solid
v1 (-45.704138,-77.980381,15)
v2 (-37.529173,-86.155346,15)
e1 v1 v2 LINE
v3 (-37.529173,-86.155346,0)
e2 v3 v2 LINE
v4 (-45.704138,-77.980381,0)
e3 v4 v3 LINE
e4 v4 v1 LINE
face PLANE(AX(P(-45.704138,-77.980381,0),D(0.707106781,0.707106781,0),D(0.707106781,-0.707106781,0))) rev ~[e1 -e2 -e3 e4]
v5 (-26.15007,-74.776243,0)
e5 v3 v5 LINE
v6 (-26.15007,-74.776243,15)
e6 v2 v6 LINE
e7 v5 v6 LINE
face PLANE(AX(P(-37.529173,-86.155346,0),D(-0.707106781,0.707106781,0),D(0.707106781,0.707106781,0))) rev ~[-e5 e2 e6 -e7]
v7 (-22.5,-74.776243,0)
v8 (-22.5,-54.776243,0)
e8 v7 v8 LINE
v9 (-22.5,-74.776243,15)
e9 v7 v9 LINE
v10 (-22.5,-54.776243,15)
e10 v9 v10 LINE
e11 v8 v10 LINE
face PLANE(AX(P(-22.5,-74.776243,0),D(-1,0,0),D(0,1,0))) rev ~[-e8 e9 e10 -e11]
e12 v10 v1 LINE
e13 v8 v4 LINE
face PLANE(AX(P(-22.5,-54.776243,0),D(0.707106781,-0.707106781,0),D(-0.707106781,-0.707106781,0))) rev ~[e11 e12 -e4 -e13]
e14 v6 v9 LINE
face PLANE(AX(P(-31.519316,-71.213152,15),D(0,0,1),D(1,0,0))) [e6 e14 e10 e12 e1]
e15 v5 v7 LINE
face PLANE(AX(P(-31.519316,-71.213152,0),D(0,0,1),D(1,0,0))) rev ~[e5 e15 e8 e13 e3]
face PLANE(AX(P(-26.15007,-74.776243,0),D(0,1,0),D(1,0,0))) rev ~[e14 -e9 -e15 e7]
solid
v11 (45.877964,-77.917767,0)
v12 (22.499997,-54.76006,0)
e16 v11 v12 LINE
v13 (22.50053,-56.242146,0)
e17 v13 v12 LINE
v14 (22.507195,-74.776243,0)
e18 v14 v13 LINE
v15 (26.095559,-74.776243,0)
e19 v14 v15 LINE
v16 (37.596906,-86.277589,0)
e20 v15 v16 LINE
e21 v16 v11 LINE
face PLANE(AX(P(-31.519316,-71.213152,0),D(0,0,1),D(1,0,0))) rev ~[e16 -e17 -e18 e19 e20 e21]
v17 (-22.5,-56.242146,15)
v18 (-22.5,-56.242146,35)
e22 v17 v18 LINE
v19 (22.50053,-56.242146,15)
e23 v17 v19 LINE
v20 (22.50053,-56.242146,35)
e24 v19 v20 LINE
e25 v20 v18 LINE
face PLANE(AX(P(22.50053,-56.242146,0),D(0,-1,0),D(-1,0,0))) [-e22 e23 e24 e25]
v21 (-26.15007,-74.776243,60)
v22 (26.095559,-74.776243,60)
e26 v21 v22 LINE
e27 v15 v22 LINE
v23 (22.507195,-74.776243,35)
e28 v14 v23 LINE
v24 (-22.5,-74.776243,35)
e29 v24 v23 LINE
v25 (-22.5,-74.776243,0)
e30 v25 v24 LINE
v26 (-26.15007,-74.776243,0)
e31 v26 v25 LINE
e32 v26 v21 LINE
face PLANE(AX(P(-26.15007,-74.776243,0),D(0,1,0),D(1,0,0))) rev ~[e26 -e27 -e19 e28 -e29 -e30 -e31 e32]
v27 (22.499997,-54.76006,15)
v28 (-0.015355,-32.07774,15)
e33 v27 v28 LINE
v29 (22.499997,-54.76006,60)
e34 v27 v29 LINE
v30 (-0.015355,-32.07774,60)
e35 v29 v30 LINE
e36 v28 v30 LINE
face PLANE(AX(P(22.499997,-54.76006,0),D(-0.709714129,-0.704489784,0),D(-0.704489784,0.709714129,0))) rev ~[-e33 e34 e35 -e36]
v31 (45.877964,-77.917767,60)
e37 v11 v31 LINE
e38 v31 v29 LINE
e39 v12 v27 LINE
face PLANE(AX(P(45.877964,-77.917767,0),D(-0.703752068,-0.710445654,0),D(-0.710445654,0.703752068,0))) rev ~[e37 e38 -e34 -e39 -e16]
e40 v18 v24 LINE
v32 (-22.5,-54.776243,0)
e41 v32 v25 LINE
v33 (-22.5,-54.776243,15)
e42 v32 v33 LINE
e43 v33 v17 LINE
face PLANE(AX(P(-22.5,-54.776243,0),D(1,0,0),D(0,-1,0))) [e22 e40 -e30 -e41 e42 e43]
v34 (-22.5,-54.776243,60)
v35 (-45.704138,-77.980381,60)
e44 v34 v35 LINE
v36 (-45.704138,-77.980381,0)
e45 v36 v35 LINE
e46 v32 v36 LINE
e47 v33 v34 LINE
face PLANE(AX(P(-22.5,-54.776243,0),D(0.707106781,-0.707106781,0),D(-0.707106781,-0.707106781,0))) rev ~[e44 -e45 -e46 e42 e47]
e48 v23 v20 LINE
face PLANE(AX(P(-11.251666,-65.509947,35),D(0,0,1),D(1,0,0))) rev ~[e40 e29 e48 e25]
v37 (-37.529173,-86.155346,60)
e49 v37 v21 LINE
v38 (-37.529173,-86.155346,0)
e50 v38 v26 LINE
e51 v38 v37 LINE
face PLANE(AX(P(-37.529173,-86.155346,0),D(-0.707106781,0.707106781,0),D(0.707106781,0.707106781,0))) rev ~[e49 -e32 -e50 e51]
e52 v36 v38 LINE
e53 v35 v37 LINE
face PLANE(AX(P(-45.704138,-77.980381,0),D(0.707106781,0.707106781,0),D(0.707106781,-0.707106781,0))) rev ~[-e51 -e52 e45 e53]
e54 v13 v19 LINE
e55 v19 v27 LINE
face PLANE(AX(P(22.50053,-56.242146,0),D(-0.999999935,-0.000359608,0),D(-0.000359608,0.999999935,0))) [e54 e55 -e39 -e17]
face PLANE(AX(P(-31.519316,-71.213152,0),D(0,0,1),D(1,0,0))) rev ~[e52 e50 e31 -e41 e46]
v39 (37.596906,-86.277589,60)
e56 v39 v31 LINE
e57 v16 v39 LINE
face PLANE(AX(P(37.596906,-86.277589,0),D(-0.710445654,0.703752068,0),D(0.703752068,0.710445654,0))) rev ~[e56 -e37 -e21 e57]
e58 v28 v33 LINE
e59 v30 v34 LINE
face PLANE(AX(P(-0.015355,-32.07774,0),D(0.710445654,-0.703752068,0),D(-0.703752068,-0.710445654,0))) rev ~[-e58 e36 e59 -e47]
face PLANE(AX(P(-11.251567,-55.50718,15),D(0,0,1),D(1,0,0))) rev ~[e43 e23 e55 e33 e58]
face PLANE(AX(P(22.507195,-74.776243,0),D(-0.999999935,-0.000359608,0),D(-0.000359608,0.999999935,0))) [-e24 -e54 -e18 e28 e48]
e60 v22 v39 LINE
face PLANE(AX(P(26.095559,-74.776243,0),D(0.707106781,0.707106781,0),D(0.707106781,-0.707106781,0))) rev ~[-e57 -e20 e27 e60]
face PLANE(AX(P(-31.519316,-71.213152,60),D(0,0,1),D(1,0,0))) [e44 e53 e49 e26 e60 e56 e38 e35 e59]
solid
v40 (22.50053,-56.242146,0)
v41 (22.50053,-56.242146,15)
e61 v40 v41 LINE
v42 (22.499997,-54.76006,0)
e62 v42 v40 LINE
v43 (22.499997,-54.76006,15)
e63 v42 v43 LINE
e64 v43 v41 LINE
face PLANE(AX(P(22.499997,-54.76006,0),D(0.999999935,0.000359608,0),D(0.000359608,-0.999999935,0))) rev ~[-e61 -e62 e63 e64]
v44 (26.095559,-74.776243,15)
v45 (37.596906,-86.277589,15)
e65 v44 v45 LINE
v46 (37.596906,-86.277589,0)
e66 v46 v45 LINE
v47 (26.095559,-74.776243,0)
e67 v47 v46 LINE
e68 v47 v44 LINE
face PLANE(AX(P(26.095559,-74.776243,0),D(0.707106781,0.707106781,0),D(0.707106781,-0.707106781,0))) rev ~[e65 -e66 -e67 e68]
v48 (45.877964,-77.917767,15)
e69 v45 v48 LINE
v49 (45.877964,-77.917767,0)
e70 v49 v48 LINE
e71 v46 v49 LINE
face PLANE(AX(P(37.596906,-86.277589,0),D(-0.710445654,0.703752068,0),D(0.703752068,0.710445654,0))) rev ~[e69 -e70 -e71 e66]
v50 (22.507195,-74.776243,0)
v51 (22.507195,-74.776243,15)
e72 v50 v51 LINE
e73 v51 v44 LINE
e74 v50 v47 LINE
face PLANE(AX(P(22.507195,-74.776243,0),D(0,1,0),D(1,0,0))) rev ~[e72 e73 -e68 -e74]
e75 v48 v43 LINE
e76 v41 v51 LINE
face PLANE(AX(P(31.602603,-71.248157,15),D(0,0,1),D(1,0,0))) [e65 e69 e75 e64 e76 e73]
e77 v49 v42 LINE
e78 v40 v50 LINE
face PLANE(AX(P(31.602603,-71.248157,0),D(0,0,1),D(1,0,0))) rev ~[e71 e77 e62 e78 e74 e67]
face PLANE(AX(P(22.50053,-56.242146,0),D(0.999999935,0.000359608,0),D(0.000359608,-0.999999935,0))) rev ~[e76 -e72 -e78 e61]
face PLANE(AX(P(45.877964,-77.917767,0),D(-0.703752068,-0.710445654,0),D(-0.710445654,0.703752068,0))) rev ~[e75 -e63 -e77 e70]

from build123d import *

# Parameters (mm, degrees)
F1_DEPTH = 15
F2_DEPTH = 60
F3_DEPTH = 35
F4_DEPTH = 15


with BuildPart() as f1:
    # F0 (on Top) → F1 (new body)
    with BuildSketch(Plane.XY):
        Polygon((-45.7041380099, -77.9803808107), (-37.5291732437, -86.155345577), (-26.1500704675, -74.7762428008), (-22.5, -74.7762428008), (-22.5, -56.2421455979), (-22.5, -54.7762428008), align=None)
    extrude(amount=F1_DEPTH)


with BuildPart() as f1b:
    # F0 (on Top) → F1, piece 2 (new body)
    with BuildSketch(Plane.XY):
        Polygon((26.0955594839, -74.7762428008), (37.5969056221, -86.277588939), (45.8779636159, -77.9177674474), (22.4999970904, -54.7600604596), (22.5005300594, -56.2421455979), (22.5071950618, -74.7762428008), align=None)
    extrude(amount=F1_DEPTH)


with BuildPart() as f2:
    # F0 (on Top) → F2 (new body)
    with BuildSketch(Plane.XY):
        Polygon((-45.7041380099, -77.9803808107), (-37.5291732437, -86.155345577), (-26.1500704675, -74.7762428008), (-22.5, -74.7762428008), (-22.5, -56.2421455979), (-22.5, -54.7762428008), align=None)
        Polygon((-22.5, -56.2421455979), (-22.5, -74.7762428008), (0, -74.7762428008), (-0.0066650023, -56.2421455979), align=None)
        Polygon((0, -74.7762428008), (22.5071950618, -74.7762428008), (22.5005300594, -56.2421455979), (-0.0066650023, -56.2421455979), align=None)
        Polygon((26.0955594839, -74.7762428008), (37.5969056221, -86.277588939), (45.8779636159, -77.9177674474), (22.4999970904, -54.7600604596), (22.5005300594, -56.2421455979), (22.5071950618, -74.7762428008), align=None)
        Polygon((-0.0071950608, -54.7681542171), (-22.5, -54.7762428008), (-22.5, -56.2421455979), (-0.0066650023, -56.2421455979), align=None)
        Polygon((22.5005300594, -56.2421455979), (22.4999970904, -54.7600604596), (-0.0071950608, -54.7681542171), (-0.0066650023, -56.2421455979), align=None)
        Polygon((-0.0153547065, -32.0777396508), (-22.5, -54.7762428008), (-0.0071950608, -54.7681542171), align=None)
        Polygon((-0.0071950608, -54.7681542171), (22.4999970904, -54.7600604596), (-0.0153547065, -32.0777396508), align=None)
    extrude(amount=F2_DEPTH)

    # F0 (on Top) → F3 (cut)
    with BuildSketch(Plane.XY):
        Polygon((-22.5, -56.2421455979), (-22.5, -74.7762428008), (0, -74.7762428008), (-0.0066650023, -56.2421455979), align=None)
        Polygon((0, -74.7762428008), (22.5071950618, -74.7762428008), (22.5005300594, -56.2421455979), (-0.0066650023, -56.2421455979), align=None)
    extrude(amount=F3_DEPTH, mode=Mode.SUBTRACT)

    # F0 (on Top) → F4 (cut)
    with BuildSketch(Plane.XY):
        Polygon((-0.0071950608, -54.7681542171), (-22.5, -54.7762428008), (-22.5, -56.2421455979), (-0.0066650023, -56.2421455979), align=None)
        Polygon((22.5005300594, -56.2421455979), (22.4999970904, -54.7600604596), (-0.0071950608, -54.7681542171), (-0.0066650023, -56.2421455979), align=None)
        Polygon((-0.0071950608, -54.7681542171), (22.4999970904, -54.7600604596), (-0.0153547065, -32.0777396508), align=None)
        Polygon((-0.0153547065, -32.0777396508), (-22.5, -54.7762428008), (-0.0071950608, -54.7681542171), align=None)
    extrude(amount=F4_DEPTH, mode=Mode.SUBTRACT)


solid = Compound([f1.part, f1b.part, f2.part])
